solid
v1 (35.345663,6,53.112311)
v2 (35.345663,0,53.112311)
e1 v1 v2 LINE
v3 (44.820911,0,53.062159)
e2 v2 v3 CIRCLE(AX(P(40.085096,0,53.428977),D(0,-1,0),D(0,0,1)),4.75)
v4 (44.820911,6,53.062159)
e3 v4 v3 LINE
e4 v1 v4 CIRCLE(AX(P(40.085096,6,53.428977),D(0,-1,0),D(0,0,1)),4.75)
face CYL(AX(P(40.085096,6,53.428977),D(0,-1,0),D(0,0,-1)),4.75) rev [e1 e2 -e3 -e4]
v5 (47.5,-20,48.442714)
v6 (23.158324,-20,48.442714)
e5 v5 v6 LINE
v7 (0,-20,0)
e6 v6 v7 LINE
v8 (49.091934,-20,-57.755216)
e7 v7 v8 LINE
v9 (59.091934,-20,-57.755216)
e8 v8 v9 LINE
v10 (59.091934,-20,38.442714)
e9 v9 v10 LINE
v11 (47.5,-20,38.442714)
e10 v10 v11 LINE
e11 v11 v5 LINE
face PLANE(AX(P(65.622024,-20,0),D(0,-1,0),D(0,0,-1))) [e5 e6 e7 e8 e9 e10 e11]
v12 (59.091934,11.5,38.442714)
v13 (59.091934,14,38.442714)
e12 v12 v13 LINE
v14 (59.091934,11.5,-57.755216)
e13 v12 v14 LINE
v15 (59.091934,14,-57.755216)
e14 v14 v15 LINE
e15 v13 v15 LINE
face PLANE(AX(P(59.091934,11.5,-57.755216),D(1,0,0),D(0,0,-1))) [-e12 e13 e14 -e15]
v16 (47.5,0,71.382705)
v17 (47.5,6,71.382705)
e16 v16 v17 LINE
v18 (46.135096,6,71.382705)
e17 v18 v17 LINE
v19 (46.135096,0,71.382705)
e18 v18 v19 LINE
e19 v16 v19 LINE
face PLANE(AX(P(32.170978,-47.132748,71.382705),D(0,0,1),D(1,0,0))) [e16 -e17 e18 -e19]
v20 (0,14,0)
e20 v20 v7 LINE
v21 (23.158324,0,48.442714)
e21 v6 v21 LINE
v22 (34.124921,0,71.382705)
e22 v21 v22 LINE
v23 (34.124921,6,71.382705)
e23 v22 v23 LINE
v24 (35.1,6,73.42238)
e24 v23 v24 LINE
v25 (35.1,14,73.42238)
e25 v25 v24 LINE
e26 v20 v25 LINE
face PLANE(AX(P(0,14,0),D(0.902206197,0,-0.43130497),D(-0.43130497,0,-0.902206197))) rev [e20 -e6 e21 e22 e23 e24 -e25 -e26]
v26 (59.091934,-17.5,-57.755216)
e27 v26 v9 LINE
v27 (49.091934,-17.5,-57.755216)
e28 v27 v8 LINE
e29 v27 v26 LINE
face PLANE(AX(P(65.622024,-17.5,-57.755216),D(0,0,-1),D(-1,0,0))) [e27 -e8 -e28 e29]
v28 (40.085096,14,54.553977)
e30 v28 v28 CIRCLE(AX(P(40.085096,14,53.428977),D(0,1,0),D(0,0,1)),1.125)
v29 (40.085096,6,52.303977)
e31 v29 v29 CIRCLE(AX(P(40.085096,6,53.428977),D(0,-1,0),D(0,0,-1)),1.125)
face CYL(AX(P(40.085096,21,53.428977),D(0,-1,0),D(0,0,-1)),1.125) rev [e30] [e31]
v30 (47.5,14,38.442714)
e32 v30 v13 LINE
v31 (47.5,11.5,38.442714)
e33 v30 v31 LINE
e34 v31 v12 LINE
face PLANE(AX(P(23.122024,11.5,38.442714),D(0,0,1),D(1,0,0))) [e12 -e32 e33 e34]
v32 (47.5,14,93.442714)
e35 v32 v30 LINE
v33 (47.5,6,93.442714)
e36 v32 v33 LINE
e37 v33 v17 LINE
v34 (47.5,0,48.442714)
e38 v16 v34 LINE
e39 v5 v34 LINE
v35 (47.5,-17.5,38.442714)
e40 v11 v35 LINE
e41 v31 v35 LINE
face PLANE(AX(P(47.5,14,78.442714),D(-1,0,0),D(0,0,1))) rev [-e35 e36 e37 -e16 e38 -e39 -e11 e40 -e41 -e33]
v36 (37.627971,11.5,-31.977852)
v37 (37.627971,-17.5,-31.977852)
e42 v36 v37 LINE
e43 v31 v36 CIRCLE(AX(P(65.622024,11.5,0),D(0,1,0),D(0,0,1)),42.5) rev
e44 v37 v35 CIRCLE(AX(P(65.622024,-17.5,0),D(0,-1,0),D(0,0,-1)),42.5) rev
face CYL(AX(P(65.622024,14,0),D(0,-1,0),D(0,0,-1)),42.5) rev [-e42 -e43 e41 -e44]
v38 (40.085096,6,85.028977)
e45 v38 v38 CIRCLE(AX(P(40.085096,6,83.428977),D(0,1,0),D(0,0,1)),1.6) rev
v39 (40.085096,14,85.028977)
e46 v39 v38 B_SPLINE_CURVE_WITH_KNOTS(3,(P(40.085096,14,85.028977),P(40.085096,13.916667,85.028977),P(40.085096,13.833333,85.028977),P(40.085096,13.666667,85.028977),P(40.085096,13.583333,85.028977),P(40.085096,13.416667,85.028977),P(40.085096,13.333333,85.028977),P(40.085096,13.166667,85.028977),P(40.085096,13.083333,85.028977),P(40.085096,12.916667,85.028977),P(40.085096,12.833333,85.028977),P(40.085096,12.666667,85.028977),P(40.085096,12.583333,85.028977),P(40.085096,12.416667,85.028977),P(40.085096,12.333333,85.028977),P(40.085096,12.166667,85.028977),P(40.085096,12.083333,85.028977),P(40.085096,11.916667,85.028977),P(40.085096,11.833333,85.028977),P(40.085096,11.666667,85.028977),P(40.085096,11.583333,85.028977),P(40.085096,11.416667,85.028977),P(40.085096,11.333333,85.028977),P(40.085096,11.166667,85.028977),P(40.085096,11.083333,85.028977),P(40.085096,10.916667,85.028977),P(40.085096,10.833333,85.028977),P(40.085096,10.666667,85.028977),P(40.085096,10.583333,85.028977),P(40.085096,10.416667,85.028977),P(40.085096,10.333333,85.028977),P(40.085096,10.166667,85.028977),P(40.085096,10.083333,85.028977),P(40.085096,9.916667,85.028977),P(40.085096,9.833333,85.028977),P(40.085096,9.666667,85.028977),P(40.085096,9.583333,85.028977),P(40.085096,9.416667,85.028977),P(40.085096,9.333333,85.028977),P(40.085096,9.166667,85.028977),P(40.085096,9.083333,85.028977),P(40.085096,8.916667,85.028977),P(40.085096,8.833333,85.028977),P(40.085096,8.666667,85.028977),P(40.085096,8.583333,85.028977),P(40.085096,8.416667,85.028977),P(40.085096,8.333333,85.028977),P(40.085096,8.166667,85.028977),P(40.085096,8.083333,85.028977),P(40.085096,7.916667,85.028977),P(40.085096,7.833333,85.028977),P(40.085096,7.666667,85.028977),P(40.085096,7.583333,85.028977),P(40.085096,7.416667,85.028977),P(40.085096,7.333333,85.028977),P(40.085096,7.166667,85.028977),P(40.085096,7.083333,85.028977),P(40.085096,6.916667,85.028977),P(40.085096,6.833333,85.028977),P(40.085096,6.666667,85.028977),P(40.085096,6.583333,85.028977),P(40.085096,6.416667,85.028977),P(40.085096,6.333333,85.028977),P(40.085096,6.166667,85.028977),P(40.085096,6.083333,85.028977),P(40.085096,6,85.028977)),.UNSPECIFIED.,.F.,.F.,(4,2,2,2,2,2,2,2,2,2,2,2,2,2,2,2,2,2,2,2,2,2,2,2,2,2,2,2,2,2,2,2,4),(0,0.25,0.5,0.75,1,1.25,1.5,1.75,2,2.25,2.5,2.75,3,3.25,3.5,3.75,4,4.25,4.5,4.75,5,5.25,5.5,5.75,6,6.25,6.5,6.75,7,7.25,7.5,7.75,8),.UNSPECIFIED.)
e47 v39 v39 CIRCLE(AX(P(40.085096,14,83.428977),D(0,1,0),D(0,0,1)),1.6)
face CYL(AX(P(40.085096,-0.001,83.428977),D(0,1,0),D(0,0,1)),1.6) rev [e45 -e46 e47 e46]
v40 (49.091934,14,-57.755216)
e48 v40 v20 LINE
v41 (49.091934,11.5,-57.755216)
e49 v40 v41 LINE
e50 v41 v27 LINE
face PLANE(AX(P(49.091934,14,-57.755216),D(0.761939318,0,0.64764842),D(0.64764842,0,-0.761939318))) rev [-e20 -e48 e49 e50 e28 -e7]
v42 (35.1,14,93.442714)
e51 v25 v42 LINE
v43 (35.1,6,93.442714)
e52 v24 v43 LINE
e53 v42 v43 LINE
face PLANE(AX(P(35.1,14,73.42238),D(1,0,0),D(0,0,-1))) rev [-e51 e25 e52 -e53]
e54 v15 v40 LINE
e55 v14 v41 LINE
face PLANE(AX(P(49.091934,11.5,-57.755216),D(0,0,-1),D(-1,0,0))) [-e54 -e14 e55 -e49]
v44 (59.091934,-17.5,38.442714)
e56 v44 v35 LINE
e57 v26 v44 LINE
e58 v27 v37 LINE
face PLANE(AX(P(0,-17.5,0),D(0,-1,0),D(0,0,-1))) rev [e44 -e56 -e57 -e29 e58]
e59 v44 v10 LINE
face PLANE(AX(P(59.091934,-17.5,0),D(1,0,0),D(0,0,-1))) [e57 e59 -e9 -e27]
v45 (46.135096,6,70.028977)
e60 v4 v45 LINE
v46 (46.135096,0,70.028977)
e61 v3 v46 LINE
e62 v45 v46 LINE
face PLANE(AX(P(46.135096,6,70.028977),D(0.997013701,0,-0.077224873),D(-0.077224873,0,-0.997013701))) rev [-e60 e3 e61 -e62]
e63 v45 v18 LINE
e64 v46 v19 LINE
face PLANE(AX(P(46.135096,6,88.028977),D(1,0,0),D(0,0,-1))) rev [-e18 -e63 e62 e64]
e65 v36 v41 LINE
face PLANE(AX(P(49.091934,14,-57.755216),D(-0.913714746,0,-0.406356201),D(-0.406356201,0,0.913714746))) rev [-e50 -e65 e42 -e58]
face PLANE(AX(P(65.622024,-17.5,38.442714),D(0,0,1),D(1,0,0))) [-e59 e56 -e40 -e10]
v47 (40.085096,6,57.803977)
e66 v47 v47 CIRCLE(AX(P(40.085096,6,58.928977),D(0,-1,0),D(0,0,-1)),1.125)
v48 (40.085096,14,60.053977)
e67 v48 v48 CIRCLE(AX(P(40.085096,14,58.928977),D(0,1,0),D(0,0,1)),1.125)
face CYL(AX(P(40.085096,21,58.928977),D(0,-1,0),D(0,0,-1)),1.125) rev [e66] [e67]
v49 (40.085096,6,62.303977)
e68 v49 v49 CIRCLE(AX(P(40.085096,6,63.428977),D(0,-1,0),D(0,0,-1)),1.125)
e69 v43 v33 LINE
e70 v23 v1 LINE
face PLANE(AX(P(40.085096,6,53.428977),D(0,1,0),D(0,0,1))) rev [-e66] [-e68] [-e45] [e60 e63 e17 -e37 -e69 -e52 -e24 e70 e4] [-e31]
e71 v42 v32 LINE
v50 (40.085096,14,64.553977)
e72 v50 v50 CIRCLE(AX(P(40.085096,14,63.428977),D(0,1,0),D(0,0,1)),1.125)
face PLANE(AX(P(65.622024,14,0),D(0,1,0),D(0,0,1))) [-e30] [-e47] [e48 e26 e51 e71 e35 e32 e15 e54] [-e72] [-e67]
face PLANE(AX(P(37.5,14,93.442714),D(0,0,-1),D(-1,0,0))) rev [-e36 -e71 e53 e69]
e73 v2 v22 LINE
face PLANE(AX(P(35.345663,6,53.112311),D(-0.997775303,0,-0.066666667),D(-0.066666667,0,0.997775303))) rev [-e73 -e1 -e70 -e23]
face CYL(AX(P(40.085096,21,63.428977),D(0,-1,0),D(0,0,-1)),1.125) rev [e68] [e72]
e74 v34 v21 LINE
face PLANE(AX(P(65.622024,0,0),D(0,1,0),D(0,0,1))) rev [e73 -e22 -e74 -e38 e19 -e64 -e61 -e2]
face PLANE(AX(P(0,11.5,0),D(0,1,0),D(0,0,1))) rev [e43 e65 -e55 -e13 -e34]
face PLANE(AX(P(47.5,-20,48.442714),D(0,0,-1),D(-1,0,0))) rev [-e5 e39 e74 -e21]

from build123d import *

# Parameters (mm, degrees)
BOSS_EXTRUDE1_DEPTH = 14
SKETCH3_R           = 4.125
CUT_EXTRUDE1_DEPTH  = 6
SKETCH5_R           = 1.125
CUT_EXTRUDE2_DEPTH  = 15
CUT_EXTRUDE5_DEPTH  = 6
CUT_EXTRUDE6_REACH  = 108.478
SKETCH16_R          = 1.6
BOSS_EXTRUDE2_START = 20
BOSS_EXTRUDE2_DEPTH = 20
BOSS_EXTRUDE3_DEPTH = 2.5
BOSS_EXTRUDE4_START = -34
BOSS_EXTRUDE4_DEPTH = 2.5


with BuildPart() as part:
    # Sketch1 → Boss-Extrude1 (new body)
    with BuildSketch(Plane(origin=(0, 0, 0), x_dir=(1, 0, 0), z_dir=(0, 1, 0))):
        with BuildLine():
            Line((47.5, -78.442713945), (47.5, -38.442713945))
            ThreePointArc((47.5, -38.442713945), (23.533579371, -5.900241558), (37.627970881, 31.977851779))
            Line((37.627970881, 31.977851779), (49.091933627, 57.755216031))
            Line((49.091933627, 57.755216031), (0, 0))
            Line((0, 0), (35.1, -73.422380253))
            Line((35.1, -73.422380253), (35.1, -93.442713945))
            Line((35.1, -93.442713945), (37.5, -93.442713945))
            Line((37.5, -93.442713945), (47.5, -93.442713945))
            Line((47.5, -93.442713945), (47.5, -78.442713945))
        make_face()
    extrude(amount=BOSS_EXTRUDE1_DEPTH)

    # Sketch3 → Cut-Extrude1 (cut)
    with BuildSketch(Plane.XZ):
        with BuildLine():
            Line((33.254958794, 84.403112572), (36.18509612, 92.428977457))
            Line((36.18509612, 92.428977457), (44.88509612, 92.428977457))
            Line((44.88509612, 92.428977457), (46.13509612, 88.028977457))
            Line((46.13509612, 88.028977457), (46.13509612, 70.028977457))
            Line((46.13509612, 70.028977457), (44.820911197, 53.062159312))
            ThreePointArc((44.820911197, 53.062159312), (40.059955227, 48.679043991), (35.34566343, 53.112310791))
            Line((35.34566343, 53.112310791), (33.254958794, 84.403112572))
        make_face()
        with Locations(Location((40.08509612, 83.428977457, 0), (0, 0, 90))):
            Circle(SKETCH3_R, mode=Mode.SUBTRACT)
    extrude(amount=-CUT_EXTRUDE1_DEPTH, mode=Mode.SUBTRACT)

    # Sketch5 → Cut-Extrude2 (cut)
    with BuildSketch(Plane.XZ.offset(-6)):
        with Locations(Location((40.08509612, 63.428977457, 0), (0, 0, 270))):
            Circle(SKETCH5_R)
        with Locations(Location((40.08509612, 58.928977457, 0), (0, 0, 270))):
            Circle(SKETCH5_R)
        with Locations(Location((40.08509612, 53.428977457, 0), (0, 0, 270))):
            Circle(SKETCH5_R)
    extrude(amount=-CUT_EXTRUDE2_DEPTH, mode=Mode.SUBTRACT)

    # Sketch15 → Cut-Extrude5 (cut)
    with BuildSketch(Plane(origin=(0, 6, 0), x_dir=(-1, 0, 0), z_dir=(0, -1, 0))):
        Polygon((-32.170978305, -71.382705183), (-57.86059863, -71.382705183), (-57.86059863, -110.098742661), (-30.980040887, -110.098742661), align=None)
    extrude(amount=CUT_EXTRUDE5_DEPTH, mode=Mode.SUBTRACT)

    # Sketch16 → Cut-Extrude6 (cut, up to next)
    with BuildSketch(Plane(origin=(0, 14, 0), x_dir=(1, 0, 0), z_dir=(0, 1, 0)), mode=Mode.PRIVATE) as cut_extrude6_sk1:
        with Locations(Location((40.08509612, -83.428977457, 0), (0, 0, 270))):
            Circle(SKETCH16_R)
    cut_extrude6_tool1 = extrude(cut_extrude6_sk1.sketch, amount=-CUT_EXTRUDE6_REACH, mode=Mode.PRIVATE) & part.part
    add(cut_extrude6_tool1.solids().sort_by_distance((40.085096, 14, 83.428977))[0], mode=Mode.SUBTRACT)

    # Sketch17 → Boss-Extrude2 (add)
    with BuildSketch(Plane(origin=(0, 0, 0), x_dir=(-1, 0, 0), z_dir=(0, -1, 0)).offset(BOSS_EXTRUDE2_START)):
        with BuildLine():
            Line((-37.627970881, 31.977851779), (-49.091933627, 57.755216031))
            Line((-49.091933627, 57.755216031), (0, 0))
            Line((0, 0), (-23.158323847, -48.442713945))
            Line((-23.158323847, -48.442713945), (-47.5, -48.442713945))
            Line((-47.5, -48.442713945), (-47.5, -38.442713945))
            ThreePointArc((-47.5, -38.442713945), (-23.533579371, -5.900241558), (-37.627970881, 31.977851779))
        make_face()
    extrude(amount=-BOSS_EXTRUDE2_DEPTH)

    # Sketch18 → Boss-Extrude3 (add)
    with BuildSketch(Plane(origin=(0, 14, 0), x_dir=(1, 0, 0), z_dir=(0, 1, 0))):
        Polygon((23.122023742, 27.202380873), (49.091933627, 57.755216031), (59.091933627, 57.755216031), (59.091933627, -38.442713945), (23.122023742, -38.442713945), align=None)
    extrude(amount=-BOSS_EXTRUDE3_DEPTH)

    # Sketch18<2> → Boss-Extrude4 (add)
    with BuildSketch(Plane(origin=(0, 14, 0), x_dir=(1, 0, 0), z_dir=(0, 1, 0)).offset(BOSS_EXTRUDE4_START)):
        Polygon((23.122023742, 27.202380873), (49.091933627, 57.755216031), (59.091933627, 57.755216031), (59.091933627, -38.442713945), (23.122023742, -38.442713945), align=None)
    extrude(amount=BOSS_EXTRUDE4_DEPTH)


solid = part.part
